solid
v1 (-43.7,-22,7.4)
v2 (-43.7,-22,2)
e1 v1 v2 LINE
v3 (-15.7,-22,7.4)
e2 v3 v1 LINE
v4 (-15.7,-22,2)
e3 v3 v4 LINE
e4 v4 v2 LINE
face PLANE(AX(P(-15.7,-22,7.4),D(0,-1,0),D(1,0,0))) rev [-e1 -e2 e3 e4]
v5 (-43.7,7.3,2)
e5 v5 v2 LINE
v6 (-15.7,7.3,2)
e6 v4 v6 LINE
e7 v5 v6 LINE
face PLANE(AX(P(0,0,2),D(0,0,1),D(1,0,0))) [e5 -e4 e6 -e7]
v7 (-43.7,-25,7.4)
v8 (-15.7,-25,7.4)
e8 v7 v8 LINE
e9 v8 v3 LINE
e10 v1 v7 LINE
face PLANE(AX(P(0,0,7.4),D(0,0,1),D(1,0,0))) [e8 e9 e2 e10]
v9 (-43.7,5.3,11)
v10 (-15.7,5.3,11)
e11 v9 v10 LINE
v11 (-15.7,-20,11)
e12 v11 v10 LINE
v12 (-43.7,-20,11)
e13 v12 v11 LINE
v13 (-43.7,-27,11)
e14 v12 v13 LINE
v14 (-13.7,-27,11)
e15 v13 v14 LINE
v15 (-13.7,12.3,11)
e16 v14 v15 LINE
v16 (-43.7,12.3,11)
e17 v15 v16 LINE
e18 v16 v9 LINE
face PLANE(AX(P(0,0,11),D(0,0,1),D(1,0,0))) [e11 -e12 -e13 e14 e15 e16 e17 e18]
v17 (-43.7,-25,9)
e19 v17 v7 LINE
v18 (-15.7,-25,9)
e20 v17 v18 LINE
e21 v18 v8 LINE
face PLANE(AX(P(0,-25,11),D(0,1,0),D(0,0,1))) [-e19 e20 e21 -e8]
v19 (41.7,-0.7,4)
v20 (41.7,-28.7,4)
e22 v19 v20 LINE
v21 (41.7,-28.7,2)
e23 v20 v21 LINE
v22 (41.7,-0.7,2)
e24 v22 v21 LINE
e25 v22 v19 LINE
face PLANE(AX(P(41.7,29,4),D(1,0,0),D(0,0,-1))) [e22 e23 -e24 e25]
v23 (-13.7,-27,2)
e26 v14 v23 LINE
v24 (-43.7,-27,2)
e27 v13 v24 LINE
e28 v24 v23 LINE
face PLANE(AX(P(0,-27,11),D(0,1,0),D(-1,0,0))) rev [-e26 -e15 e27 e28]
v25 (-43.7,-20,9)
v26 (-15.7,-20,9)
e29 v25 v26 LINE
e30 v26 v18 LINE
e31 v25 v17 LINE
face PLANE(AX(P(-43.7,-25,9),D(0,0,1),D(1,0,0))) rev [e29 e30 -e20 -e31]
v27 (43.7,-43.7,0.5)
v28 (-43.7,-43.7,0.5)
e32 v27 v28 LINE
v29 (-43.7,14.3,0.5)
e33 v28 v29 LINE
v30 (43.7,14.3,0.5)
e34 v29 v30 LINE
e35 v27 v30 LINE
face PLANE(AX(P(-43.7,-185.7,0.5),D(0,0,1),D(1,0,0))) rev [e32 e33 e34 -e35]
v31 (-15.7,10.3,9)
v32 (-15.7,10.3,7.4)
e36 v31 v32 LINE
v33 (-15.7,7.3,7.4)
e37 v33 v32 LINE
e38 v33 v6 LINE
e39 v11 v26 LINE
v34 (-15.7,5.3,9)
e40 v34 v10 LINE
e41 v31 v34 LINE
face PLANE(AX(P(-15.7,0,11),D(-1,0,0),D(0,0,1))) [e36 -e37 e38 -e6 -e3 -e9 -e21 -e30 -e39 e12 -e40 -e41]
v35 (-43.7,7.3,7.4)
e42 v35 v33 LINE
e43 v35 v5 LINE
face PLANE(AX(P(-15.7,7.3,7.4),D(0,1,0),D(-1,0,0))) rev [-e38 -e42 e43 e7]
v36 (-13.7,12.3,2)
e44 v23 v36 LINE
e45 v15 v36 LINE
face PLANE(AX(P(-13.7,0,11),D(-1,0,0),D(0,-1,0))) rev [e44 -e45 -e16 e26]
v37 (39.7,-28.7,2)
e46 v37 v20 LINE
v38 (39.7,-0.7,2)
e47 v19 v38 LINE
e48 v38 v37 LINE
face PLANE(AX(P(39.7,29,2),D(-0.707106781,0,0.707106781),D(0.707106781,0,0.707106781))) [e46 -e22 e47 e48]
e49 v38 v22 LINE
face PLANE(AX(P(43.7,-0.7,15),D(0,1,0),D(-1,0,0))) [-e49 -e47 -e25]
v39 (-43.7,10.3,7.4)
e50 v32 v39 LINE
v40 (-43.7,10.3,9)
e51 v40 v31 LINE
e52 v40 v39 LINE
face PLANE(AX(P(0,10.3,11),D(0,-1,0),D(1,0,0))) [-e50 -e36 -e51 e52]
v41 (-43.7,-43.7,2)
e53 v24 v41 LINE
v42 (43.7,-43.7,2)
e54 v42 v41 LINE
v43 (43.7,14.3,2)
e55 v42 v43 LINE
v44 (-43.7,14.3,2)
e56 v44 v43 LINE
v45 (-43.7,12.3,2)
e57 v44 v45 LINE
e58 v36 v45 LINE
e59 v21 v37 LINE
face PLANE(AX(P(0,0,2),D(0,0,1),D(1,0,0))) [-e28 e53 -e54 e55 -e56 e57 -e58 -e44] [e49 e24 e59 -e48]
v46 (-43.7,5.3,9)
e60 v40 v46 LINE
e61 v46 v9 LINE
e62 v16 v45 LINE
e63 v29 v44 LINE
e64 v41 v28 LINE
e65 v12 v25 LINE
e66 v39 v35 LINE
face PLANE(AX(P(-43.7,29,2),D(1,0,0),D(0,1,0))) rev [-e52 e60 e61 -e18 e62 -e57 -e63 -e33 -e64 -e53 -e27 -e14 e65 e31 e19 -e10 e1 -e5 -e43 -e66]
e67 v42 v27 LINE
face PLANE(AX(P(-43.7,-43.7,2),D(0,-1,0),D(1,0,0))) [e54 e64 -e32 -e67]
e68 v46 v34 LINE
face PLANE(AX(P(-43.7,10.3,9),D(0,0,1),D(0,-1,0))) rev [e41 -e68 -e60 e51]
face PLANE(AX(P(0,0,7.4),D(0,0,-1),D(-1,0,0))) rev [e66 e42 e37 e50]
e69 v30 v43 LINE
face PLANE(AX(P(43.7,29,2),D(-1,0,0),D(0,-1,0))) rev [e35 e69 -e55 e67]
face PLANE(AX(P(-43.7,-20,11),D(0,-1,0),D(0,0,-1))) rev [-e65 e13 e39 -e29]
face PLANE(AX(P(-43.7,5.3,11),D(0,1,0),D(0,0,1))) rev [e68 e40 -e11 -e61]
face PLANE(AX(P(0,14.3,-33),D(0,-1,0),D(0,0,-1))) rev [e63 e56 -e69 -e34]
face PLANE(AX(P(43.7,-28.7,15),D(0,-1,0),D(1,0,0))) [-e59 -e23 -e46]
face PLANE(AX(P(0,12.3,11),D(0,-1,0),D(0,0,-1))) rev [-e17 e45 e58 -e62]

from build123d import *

# Parameters (mm, degrees)
SKETCH_1_W          = 87.4
SKETCH_1_H          = 58
EXTRUDE_1_DEPTH     = 2
EXTRUDE_2_DEPTH     = 9
SKETCH_3_W          = 2
SKETCH_3_H          = 5
EXTRUDE_3_DEPTH     = 28
SKETCH_4_W          = 28
SKETCH_4_H          = 3
EXTRUDE_4_DEPTH     = 5.4
EXTRUDE_7_DEPTH     = 58
SKETCH_6_W          = 14.323261058
SKETCH_6_H          = 15
CUT_EXTRUDE_2_DEPTH = 58
SKETCH_8_W          = 87.4
SKETCH_8_H          = 14.7
CUT_EXTRUDE_3_DEPTH = 35
SKETCH_9_W          = 87.4
SKETCH_9_H          = 58
EXTRUDE_8_DEPTH     = 2
EXTRUDE_9_DEPTH     = 29
SKETCH_11_W         = 8.812157776
SKETCH_11_H         = 15
CUT_EXTRUDE_4_DEPTH = 13
SKETCH_13_W         = 87.4
SKETCH_13_H         = 0.5
CUT_EXTRUDE_6_DEPTH = 200


with BuildPart() as part:
    # 草图1 → 凸台-拉伸1 (new body)
    with BuildSketch(Plane.XY):
        Rectangle(SKETCH_1_W, SKETCH_1_H)
    extrude(amount=EXTRUDE_1_DEPTH)

    # 草图2 → 凸台-拉伸2 (add)
    with BuildSketch(Plane.XY.offset(2)):
        Polygon((-43.7, -25), (-43.7, -27), (-13.7, -27), (-13.7, 12.3), (-43.7, 12.3), (-43.7, 10.3), (-15.7, 10.3), (-15.7, -25), align=None)
    extrude(amount=EXTRUDE_2_DEPTH)

    # 草图3 → 凸台-拉伸3 (add)
    with BuildSketch(Plane.ZY.offset(15.7)):
        with Locations((10, 7.8)):
            Rectangle(SKETCH_3_W, SKETCH_3_H)
        with Locations((10, -22.5)):
            Rectangle(SKETCH_3_W, SKETCH_3_H)
    extrude(amount=EXTRUDE_3_DEPTH)

    # 草图4 → 凸台-拉伸4 (add)
    with BuildSketch(Plane.XY.offset(2)):
        with Locations((-29.7, 8.8)):
            Rectangle(SKETCH_4_W, SKETCH_4_H)
        with Locations((-29.7, -23.5)):
            Rectangle(SKETCH_4_W, SKETCH_4_H)
    extrude(amount=EXTRUDE_4_DEPTH)

    # 草图5 → 凸台-拉伸7 (add)
    with BuildSketch(Plane.XZ.offset(29)):
        Polygon((39.7, 2), (41.7, 4), (41.7, 2), align=None)
    extrude(amount=-EXTRUDE_7_DEPTH)

    # 草图6 → 切除-拉伸2 (cut)
    with BuildSketch(Plane.XY.offset(2)):
        with Locations((36.538369471, -21.5)):
            Rectangle(SKETCH_6_W, SKETCH_6_H)
        with Locations((36.538369471, 21.5)):
            Rectangle(SKETCH_6_W, SKETCH_6_H)
    extrude(amount=CUT_EXTRUDE_2_DEPTH, mode=Mode.SUBTRACT)

    # 草图8 → 切除-拉伸3 (cut)
    with BuildSketch(Plane.XY.offset(2)):
        with Locations((0, 21.65)):
            Rectangle(SKETCH_8_W, SKETCH_8_H)
    extrude(amount=-CUT_EXTRUDE_3_DEPTH, mode=Mode.SUBTRACT)

    # 草图9 → 凸台-拉伸8 (add)
    with BuildSketch(Plane(origin=(0, 0, 0), x_dir=(-1, 0, 0), z_dir=(0, 0, -1))):
        with Locations((0, -14.7)):
            Rectangle(SKETCH_9_W, SKETCH_9_H)
    extrude(amount=-EXTRUDE_8_DEPTH)

    # 草图10 → 凸台-拉伸9 (add)
    with BuildSketch(Plane.XZ.offset(14)):
        Polygon((41.7, 4), (41.7, 2), (39.7, 2), align=None)
    extrude(amount=EXTRUDE_9_DEPTH)

    # 草图11 → 切除-拉伸4 (cut)
    with BuildSketch(Plane.XY.offset(2)):
        with Locations((39.293921112, 6.8)):
            Rectangle(SKETCH_11_W, SKETCH_11_H)
        with Locations((39.293921112, -36.2)):
            Rectangle(SKETCH_11_W, SKETCH_11_H)
    extrude(amount=CUT_EXTRUDE_4_DEPTH, mode=Mode.SUBTRACT)

    # 草图13 → 切除-拉伸6 (cut)
    with BuildSketch(Plane(origin=(0, 14.3, 0), x_dir=(1, 0, 0), z_dir=(0, 1, 0))):
        with Locations((0, -0.25)):
            Rectangle(SKETCH_13_W, SKETCH_13_H)
    extrude(amount=-CUT_EXTRUDE_6_DEPTH, mode=Mode.SUBTRACT)


solid = part.part
